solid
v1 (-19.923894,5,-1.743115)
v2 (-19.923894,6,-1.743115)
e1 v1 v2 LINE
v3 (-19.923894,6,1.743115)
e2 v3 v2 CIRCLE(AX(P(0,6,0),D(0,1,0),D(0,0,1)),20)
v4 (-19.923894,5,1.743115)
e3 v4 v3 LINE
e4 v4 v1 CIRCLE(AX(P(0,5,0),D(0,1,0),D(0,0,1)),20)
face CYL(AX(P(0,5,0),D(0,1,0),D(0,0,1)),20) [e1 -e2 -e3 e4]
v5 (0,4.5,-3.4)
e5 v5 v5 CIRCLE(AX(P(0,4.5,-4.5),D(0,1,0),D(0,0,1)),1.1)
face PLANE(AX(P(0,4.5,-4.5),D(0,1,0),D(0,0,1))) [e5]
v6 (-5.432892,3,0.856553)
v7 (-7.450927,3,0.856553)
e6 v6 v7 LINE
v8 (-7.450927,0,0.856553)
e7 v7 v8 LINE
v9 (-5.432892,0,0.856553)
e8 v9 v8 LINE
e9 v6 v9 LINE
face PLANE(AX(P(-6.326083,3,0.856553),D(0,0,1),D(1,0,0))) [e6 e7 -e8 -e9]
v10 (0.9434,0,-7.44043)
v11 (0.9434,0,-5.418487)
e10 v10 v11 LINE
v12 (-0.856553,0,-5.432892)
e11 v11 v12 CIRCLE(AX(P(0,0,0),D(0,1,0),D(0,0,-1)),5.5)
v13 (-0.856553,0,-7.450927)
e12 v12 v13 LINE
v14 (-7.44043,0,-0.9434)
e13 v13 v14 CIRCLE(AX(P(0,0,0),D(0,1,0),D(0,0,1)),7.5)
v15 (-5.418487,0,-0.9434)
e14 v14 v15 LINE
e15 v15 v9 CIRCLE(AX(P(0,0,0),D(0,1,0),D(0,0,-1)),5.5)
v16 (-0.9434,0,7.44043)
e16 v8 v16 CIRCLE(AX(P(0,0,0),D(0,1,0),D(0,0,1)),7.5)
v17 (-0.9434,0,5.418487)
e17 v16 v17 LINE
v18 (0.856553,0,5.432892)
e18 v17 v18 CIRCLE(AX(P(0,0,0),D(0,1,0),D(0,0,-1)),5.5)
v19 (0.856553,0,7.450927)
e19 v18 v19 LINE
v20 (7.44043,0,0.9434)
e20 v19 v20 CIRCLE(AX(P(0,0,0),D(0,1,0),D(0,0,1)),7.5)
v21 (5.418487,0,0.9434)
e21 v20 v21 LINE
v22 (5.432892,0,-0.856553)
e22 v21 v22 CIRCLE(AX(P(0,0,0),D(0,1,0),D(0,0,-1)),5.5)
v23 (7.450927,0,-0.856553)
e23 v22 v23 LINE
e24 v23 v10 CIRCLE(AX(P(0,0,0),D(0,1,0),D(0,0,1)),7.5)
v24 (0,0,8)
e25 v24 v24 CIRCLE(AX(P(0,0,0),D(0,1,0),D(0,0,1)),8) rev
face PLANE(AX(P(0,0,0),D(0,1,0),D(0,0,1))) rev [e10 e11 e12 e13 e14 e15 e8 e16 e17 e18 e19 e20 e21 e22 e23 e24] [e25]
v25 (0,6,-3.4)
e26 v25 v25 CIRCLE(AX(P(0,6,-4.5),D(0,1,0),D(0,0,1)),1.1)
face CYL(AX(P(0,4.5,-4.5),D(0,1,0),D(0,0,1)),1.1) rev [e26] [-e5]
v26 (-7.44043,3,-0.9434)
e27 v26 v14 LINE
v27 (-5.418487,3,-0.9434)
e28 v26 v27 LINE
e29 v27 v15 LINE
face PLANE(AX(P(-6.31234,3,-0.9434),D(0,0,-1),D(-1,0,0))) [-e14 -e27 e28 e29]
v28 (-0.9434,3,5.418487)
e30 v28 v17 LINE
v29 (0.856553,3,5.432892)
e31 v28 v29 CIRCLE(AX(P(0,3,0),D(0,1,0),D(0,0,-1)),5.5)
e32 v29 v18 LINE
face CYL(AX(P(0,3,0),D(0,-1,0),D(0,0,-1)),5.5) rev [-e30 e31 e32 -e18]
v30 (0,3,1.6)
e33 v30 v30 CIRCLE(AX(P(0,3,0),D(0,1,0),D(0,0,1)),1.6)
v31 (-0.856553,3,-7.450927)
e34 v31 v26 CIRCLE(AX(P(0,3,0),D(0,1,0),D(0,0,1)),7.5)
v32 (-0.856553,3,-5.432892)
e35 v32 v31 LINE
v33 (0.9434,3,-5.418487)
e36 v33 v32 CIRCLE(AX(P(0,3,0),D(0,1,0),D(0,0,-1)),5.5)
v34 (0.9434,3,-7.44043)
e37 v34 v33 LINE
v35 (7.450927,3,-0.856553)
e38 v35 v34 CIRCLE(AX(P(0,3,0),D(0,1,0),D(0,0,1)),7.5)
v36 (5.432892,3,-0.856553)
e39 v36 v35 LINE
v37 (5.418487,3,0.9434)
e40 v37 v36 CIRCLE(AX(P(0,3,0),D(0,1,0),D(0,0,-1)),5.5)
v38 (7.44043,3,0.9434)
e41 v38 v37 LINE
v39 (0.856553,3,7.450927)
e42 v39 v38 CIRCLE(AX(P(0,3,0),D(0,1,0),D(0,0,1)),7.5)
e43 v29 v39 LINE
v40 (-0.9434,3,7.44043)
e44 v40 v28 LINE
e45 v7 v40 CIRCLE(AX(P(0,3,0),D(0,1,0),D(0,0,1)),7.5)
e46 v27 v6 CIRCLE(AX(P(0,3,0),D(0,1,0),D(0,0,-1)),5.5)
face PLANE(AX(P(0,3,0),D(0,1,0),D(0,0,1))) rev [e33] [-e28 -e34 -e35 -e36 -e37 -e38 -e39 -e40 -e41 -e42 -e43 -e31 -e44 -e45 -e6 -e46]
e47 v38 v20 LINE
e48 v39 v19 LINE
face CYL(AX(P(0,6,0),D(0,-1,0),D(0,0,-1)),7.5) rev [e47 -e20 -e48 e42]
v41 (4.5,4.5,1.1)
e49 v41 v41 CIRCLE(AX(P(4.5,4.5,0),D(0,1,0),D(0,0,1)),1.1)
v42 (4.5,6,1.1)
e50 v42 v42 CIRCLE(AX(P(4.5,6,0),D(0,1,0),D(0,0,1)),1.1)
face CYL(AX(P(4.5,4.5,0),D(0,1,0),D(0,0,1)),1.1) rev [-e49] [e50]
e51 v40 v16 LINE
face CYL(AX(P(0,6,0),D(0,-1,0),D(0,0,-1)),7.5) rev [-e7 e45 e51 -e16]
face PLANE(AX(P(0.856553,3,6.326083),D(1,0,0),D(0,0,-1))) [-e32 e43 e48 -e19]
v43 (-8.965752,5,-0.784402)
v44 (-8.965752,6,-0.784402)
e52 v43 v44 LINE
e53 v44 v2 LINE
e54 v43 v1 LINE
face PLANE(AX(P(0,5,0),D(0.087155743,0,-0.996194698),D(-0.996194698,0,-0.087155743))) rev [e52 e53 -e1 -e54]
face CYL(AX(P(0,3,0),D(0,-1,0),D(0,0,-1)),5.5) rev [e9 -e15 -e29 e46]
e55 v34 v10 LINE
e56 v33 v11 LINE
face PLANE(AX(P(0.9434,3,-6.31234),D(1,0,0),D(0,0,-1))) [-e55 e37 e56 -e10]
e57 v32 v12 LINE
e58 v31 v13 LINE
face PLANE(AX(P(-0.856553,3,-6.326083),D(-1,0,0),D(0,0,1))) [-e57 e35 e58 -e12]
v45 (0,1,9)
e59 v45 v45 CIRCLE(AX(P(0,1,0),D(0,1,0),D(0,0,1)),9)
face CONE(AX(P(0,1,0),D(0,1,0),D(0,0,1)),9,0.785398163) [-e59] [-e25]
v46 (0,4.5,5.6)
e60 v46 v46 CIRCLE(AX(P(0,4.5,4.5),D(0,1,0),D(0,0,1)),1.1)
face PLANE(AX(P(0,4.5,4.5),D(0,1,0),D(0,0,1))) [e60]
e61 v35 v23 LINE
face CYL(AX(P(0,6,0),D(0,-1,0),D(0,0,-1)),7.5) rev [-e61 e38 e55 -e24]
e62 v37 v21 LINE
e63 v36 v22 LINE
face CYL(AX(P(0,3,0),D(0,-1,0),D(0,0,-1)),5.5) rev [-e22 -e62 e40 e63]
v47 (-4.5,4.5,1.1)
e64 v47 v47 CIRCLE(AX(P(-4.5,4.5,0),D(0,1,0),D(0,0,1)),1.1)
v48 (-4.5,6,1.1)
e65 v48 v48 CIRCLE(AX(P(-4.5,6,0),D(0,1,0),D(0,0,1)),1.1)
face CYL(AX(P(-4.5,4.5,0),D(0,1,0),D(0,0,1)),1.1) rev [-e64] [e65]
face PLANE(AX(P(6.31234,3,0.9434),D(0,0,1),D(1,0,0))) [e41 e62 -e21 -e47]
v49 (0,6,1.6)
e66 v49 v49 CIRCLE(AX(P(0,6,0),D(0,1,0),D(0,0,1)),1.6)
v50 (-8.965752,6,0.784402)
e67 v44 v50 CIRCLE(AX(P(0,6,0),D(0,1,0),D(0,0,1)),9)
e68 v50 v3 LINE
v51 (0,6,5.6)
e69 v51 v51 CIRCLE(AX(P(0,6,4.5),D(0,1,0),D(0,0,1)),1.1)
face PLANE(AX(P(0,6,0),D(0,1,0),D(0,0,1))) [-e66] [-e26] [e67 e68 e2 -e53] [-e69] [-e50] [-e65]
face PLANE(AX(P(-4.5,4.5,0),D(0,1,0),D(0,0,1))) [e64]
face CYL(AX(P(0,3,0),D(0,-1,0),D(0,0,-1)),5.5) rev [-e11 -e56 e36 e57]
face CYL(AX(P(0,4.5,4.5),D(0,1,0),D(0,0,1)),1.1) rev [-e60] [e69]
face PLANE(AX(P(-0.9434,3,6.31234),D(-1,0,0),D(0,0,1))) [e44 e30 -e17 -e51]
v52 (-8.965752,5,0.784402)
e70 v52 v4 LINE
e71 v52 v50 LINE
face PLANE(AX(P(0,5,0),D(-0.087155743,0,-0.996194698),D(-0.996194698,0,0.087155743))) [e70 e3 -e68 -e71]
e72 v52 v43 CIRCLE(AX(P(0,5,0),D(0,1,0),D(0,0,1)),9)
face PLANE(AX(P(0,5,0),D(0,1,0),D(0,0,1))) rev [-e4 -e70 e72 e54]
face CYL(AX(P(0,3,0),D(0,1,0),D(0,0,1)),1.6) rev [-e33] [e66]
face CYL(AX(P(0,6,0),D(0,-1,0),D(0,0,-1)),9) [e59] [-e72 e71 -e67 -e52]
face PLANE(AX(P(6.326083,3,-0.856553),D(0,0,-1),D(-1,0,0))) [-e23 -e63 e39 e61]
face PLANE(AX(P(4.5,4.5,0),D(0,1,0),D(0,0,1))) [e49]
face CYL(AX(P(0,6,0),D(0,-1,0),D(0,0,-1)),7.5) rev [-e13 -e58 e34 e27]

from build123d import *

# Parameters (mm, degrees)
SKETCH_1_R          = 9
SKETCH_1_R_2        = 7.5
EXTRUDE_1_DEPTH     = 6
EXTRUDE_START       = -1
EXTRUDE_2_DEPTH     = 1
EXTRUDE_3_DEPTH     = 3
EXTRUDE_START_2     = -3
SKETCH_5_R          = 7.5
EXTRUDE_4_DEPTH     = 3
SKETCH_6_R          = 1.6
CUT_EXTRUDE_1_DEPTH = 3
CHAMFER_1_SIZE      = 1
SKETCH_14_R         = 1.1
CUT_EXTRUDE_4_DEPTH = 1.5


with BuildPart() as part:
    # 草图1 → 凸台-拉伸1 (new body)
    with BuildSketch(Plane(origin=(0, 0, 0), x_dir=(1, 0, 0), z_dir=(0, 1, 0))):
        with Locations(Location((0, 0, 0), (0, 0, 270))):
            Circle(SKETCH_1_R)
        with Locations(Location((0, 0, 0), (0, 0, 270))):
            Circle(SKETCH_1_R_2, mode=Mode.SUBTRACT)
    extrude(amount=EXTRUDE_1_DEPTH)

    # 草图2 → 凸台-拉伸2 (add)
    with BuildSketch(Plane(origin=(0, 6, 0), x_dir=(1, 0, 0), z_dir=(0, 1, 0)).offset(EXTRUDE_START)):
        with BuildLine():
            Line((-19.923893962, 1.743114855), (-8.965752283, 0.784401685))
            ThreePointArc((-8.965752283, 0.784401685), (0.392574486, 8.991433994), (9, 0))
            ThreePointArc((9, 0), (0.392574486, -8.991433994), (-8.965752283, -0.784401685))
            Line((-8.965752283, -0.784401685), (-19.923893962, -1.743114855))
            ThreePointArc((-19.923893962, -1.743114855), (0.872387747, -19.980964432), (20, 0))
            ThreePointArc((20, 0), (0.872387747, 19.980964432), (-19.923893962, 1.743114855))
        make_face()
    extrude(amount=EXTRUDE_2_DEPTH)

    # 草图4 → 凸台-拉伸3 (add)
    with BuildSketch(Plane.XZ):
        with BuildLine():
            Line((0.856553191, 6.326082651), (0.856553191, 7.450927233))
            ThreePointArc((0.856553191, 7.450927233), (-0.043739259, 7.499872457), (-0.943399591, 7.440429908))
            Line((-0.943399591, 7.440429908), (-0.943399591, 6.312339741))
            Line((-0.943399591, 6.312339741), (-0.943399591, 5.418486616))
            ThreePointArc((-0.943399591, 5.418486616), (-0.044016518, 5.499823865), (0.856553191, 5.432892106))
            Line((0.856553191, 5.432892106), (0.856553191, 6.326082651))
        make_face()
        with BuildLine():
            Line((6.312339741, 0.943399591), (5.418486616, 0.943399591))
            ThreePointArc((5.418486616, 0.943399591), (5.499823865, 0.044016518), (5.432892106, -0.856553191))
            Line((5.432892106, -0.856553191), (6.326082651, -0.856553191))
            Line((6.326082651, -0.856553191), (7.450927233, -0.856553191))
            ThreePointArc((7.450927233, -0.856553191), (7.499872457, 0.043739259), (7.440429908, 0.943399591))
            Line((7.440429908, 0.943399591), (6.312339741, 0.943399591))
        make_face()
        with BuildLine():
            Line((0.943399591, -6.312339741), (0.943399591, -5.418486616))
            ThreePointArc((0.943399591, -5.418486616), (0.044016518, -5.499823865), (-0.856553191, -5.432892106))
            Line((-0.856553191, -5.432892106), (-0.856553191, -6.326082651))
            Line((-0.856553191, -6.326082651), (-0.856553191, -7.450927233))
            ThreePointArc((-0.856553191, -7.450927233), (0.043739259, -7.499872457), (0.943399591, -7.440429908))
            Line((0.943399591, -7.440429908), (0.943399591, -6.312339741))
        make_face()
        with BuildLine():
            Line((-6.312339741, -0.943399591), (-5.418486616, -0.943399591))
            ThreePointArc((-5.418486616, -0.943399591), (-5.499823865, -0.044016518), (-5.432892106, 0.856553191))
            Line((-5.432892106, 0.856553191), (-6.326082651, 0.856553191))
            Line((-6.326082651, 0.856553191), (-7.450927233, 0.856553191))
            ThreePointArc((-7.450927233, 0.856553191), (-7.499872457, -0.043739259), (-7.440429908, -0.943399591))
            Line((-7.440429908, -0.943399591), (-6.312339741, -0.943399591))
        make_face()
    extrude(amount=-EXTRUDE_3_DEPTH)

    # 草图5 → 凸台-拉伸4 (add)
    with BuildSketch(Plane(origin=(0, 6, 0), x_dir=(1, 0, 0), z_dir=(0, 1, 0)).offset(EXTRUDE_START_2)):
        Circle(SKETCH_5_R)
    extrude(amount=EXTRUDE_4_DEPTH)

    # 草图6 → 切除-拉伸1 (cut)
    with BuildSketch(Plane(origin=(0, 6, 0), x_dir=(1, 0, 0), z_dir=(0, 1, 0))):
        with Locations(Location((0, 0, 0), (0, 0, 270))):
            Circle(SKETCH_6_R)
    extrude(amount=-CUT_EXTRUDE_1_DEPTH, mode=Mode.SUBTRACT)

    # 倒角1
    chamfer_1_edges = [part.edges().sort_by_distance(p)[0] for p in [
        (0, 0, -9),
    ]]
    chamfer(chamfer_1_edges, length=CHAMFER_1_SIZE)

    # 草图14 → 切除-拉伸4 (cut)
    with BuildSketch(Plane(origin=(0, 6, 0), x_dir=(1, 0, 0), z_dir=(0, 1, 0))):
        with Locations(Location((0, 4.5, 0), (0, 0, 270))):
            Circle(SKETCH_14_R)
        with Locations(Location((4.5, 0, 0), (0, 0, 270))):
            Circle(SKETCH_14_R)
        with Locations(Location((0, -4.5, 0), (0, 0, 270))):
            Circle(SKETCH_14_R)
        with Locations(Location((-4.5, 0, 0), (0, 0, 270))):
            Circle(SKETCH_14_R)
    extrude(amount=-CUT_EXTRUDE_4_DEPTH, mode=Mode.SUBTRACT)


solid = part.part
